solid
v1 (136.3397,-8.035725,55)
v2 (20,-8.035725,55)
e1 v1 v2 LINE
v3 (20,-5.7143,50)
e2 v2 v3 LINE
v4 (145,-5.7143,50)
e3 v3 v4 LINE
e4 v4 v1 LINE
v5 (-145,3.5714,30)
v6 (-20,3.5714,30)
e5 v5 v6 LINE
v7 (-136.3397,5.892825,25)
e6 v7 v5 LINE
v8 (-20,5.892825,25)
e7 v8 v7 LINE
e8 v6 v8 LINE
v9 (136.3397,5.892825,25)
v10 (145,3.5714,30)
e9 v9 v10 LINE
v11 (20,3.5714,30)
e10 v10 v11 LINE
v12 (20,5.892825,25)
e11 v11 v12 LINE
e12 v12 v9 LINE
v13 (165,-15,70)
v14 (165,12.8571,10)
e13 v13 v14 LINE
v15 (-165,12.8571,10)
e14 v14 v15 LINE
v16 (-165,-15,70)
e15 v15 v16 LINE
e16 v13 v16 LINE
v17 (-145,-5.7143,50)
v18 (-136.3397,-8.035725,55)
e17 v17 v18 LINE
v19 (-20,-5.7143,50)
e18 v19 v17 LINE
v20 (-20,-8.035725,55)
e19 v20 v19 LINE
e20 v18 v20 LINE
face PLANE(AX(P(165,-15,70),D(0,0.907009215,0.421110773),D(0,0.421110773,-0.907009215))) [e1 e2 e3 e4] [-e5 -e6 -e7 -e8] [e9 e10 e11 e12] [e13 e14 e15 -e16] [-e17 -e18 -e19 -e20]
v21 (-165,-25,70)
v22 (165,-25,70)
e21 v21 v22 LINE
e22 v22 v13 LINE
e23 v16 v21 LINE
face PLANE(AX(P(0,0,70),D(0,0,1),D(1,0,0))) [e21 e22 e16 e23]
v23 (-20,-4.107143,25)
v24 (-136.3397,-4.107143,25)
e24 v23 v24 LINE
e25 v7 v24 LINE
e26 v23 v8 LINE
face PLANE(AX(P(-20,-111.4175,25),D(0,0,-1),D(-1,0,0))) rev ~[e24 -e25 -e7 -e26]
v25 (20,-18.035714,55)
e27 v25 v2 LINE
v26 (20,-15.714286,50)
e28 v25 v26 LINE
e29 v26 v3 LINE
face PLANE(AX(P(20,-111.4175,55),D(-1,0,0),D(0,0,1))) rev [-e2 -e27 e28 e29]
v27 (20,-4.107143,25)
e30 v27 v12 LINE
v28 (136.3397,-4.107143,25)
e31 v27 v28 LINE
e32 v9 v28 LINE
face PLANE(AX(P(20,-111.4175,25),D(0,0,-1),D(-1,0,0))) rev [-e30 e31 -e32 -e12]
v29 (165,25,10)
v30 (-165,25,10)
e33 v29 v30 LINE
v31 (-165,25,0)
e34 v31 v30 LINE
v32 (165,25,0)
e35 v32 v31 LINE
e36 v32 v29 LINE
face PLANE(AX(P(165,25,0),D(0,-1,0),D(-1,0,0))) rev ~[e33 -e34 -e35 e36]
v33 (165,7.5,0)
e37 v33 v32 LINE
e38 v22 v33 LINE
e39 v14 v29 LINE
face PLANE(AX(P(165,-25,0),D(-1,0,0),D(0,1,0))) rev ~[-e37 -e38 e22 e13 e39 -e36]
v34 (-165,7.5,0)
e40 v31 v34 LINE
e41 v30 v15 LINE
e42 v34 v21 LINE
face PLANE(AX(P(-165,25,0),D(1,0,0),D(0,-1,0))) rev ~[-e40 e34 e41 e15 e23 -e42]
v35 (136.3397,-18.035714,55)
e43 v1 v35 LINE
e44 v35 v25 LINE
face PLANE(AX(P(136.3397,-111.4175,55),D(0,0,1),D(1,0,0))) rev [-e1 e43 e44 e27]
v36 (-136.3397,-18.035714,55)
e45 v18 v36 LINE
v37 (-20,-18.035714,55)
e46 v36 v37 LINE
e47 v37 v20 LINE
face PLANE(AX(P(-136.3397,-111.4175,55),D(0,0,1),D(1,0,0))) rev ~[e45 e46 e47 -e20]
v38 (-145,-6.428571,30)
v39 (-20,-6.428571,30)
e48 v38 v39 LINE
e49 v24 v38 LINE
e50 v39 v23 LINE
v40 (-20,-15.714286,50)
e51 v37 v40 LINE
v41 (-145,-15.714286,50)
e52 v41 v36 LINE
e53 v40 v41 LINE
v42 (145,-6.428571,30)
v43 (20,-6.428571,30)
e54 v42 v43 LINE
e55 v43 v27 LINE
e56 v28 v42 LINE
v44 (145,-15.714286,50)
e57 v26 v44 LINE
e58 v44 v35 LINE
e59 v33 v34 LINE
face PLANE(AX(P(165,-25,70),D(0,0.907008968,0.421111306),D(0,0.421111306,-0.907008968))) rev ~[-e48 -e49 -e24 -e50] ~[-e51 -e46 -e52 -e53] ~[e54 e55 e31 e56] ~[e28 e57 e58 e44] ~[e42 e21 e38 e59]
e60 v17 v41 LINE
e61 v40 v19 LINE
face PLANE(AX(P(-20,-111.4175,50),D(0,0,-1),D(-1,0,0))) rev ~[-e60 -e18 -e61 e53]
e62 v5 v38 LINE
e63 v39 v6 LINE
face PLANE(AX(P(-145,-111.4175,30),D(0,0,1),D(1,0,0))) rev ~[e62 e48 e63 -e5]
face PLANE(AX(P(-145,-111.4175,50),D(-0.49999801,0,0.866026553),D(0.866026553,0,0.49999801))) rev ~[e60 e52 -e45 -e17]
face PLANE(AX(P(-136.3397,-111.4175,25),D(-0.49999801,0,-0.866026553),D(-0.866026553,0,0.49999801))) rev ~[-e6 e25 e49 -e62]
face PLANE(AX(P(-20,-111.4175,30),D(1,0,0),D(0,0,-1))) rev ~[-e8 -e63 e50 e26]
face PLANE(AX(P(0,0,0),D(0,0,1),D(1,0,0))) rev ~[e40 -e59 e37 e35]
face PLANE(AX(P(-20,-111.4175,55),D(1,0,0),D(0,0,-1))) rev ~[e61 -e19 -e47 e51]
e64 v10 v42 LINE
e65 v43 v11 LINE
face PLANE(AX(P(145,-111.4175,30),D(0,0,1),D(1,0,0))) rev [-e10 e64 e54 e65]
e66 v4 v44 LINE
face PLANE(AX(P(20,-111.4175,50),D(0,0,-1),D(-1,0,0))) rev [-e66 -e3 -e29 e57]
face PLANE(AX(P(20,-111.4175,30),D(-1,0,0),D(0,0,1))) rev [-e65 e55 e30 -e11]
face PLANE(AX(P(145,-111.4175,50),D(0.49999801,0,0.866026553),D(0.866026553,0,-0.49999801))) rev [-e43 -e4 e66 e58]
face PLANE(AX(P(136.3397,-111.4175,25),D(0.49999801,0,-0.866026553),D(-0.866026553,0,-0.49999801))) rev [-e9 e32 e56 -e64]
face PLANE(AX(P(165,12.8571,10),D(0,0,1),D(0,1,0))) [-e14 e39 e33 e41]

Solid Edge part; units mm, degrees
sketch "Sketch1" plane through (0, 0, 0) normal (0, 0, 1) x (1, 0, 0)
  line L0 (-165, -25) -> (165, -25)
  line L1 (165, -25) -> (165, 25)
  line L2 (165, 25) -> (-165, 25)
  line L3 (-165, 25) -> (-165, -25)
  dimension "D1" = 330
  dimension "D2" = 50
extrude "Protrusion1" add sketch "Sketch1" along normal blind 70
sketch "Sketch2" plane through (165, 0, 35) normal (1, 0, 0) x (0, 1, 0)
  line L0 (-25, 35) -> (7.5, -35)
  line L1 (7.5, -35) -> (25, -35)
  line L2 (25, -35) -> (25, -25)
  line L3 (12.8571, -25) -> (25, -25)
  line L4 (-15, 35) -> (12.8571, -25)
  line L5 (-25, 35) -> (-15, 35)
  dimension "D1" = 17.5
  dimension "D2" = 10
  dimension "D3" = 10
extrude "Extrusionsausschnitt_1" cut sketch "Sketch2" along normal mid plane 945.1558 flip side to cut
sketch "Sketch3" plane through (0, -111.4175, 35) normal (0, -1, 0) x (1, 0, 0)
  line L0 (-136.3397, 20) -> (-20, 20)
  line L1 (-20, 20) -> (-20, 15)
  line L2 (-20, 15) -> (-145, 15)
  line L3 (-145, 15) -> (-136.3397, 20)
  line L4 (-145, -5) -> (-20, -5)
  line L5 (-20, -5) -> (-20, -10)
  line L6 (-20, -10) -> (-136.3397, -10)
  line L7 (-136.3397, -10) -> (-145, -5)
  dimension "D1" = 20
  dimension "D2" = 20
  dimension "D3" = 15
  dimension "D4" = 10
  dimension "D5" = 20
  dimension "D6" = 20
  dimension "D7" = 25
  dimension "D8" = 10
extrude "Extrusionsausschnitt_2" cut sketch "Sketch3" along normal mid plane 441.7858
mirror "Mirror1" about plane through (0, 0, 0) normal (1, 0, 0) of "Extrusionsausschnitt_2"
